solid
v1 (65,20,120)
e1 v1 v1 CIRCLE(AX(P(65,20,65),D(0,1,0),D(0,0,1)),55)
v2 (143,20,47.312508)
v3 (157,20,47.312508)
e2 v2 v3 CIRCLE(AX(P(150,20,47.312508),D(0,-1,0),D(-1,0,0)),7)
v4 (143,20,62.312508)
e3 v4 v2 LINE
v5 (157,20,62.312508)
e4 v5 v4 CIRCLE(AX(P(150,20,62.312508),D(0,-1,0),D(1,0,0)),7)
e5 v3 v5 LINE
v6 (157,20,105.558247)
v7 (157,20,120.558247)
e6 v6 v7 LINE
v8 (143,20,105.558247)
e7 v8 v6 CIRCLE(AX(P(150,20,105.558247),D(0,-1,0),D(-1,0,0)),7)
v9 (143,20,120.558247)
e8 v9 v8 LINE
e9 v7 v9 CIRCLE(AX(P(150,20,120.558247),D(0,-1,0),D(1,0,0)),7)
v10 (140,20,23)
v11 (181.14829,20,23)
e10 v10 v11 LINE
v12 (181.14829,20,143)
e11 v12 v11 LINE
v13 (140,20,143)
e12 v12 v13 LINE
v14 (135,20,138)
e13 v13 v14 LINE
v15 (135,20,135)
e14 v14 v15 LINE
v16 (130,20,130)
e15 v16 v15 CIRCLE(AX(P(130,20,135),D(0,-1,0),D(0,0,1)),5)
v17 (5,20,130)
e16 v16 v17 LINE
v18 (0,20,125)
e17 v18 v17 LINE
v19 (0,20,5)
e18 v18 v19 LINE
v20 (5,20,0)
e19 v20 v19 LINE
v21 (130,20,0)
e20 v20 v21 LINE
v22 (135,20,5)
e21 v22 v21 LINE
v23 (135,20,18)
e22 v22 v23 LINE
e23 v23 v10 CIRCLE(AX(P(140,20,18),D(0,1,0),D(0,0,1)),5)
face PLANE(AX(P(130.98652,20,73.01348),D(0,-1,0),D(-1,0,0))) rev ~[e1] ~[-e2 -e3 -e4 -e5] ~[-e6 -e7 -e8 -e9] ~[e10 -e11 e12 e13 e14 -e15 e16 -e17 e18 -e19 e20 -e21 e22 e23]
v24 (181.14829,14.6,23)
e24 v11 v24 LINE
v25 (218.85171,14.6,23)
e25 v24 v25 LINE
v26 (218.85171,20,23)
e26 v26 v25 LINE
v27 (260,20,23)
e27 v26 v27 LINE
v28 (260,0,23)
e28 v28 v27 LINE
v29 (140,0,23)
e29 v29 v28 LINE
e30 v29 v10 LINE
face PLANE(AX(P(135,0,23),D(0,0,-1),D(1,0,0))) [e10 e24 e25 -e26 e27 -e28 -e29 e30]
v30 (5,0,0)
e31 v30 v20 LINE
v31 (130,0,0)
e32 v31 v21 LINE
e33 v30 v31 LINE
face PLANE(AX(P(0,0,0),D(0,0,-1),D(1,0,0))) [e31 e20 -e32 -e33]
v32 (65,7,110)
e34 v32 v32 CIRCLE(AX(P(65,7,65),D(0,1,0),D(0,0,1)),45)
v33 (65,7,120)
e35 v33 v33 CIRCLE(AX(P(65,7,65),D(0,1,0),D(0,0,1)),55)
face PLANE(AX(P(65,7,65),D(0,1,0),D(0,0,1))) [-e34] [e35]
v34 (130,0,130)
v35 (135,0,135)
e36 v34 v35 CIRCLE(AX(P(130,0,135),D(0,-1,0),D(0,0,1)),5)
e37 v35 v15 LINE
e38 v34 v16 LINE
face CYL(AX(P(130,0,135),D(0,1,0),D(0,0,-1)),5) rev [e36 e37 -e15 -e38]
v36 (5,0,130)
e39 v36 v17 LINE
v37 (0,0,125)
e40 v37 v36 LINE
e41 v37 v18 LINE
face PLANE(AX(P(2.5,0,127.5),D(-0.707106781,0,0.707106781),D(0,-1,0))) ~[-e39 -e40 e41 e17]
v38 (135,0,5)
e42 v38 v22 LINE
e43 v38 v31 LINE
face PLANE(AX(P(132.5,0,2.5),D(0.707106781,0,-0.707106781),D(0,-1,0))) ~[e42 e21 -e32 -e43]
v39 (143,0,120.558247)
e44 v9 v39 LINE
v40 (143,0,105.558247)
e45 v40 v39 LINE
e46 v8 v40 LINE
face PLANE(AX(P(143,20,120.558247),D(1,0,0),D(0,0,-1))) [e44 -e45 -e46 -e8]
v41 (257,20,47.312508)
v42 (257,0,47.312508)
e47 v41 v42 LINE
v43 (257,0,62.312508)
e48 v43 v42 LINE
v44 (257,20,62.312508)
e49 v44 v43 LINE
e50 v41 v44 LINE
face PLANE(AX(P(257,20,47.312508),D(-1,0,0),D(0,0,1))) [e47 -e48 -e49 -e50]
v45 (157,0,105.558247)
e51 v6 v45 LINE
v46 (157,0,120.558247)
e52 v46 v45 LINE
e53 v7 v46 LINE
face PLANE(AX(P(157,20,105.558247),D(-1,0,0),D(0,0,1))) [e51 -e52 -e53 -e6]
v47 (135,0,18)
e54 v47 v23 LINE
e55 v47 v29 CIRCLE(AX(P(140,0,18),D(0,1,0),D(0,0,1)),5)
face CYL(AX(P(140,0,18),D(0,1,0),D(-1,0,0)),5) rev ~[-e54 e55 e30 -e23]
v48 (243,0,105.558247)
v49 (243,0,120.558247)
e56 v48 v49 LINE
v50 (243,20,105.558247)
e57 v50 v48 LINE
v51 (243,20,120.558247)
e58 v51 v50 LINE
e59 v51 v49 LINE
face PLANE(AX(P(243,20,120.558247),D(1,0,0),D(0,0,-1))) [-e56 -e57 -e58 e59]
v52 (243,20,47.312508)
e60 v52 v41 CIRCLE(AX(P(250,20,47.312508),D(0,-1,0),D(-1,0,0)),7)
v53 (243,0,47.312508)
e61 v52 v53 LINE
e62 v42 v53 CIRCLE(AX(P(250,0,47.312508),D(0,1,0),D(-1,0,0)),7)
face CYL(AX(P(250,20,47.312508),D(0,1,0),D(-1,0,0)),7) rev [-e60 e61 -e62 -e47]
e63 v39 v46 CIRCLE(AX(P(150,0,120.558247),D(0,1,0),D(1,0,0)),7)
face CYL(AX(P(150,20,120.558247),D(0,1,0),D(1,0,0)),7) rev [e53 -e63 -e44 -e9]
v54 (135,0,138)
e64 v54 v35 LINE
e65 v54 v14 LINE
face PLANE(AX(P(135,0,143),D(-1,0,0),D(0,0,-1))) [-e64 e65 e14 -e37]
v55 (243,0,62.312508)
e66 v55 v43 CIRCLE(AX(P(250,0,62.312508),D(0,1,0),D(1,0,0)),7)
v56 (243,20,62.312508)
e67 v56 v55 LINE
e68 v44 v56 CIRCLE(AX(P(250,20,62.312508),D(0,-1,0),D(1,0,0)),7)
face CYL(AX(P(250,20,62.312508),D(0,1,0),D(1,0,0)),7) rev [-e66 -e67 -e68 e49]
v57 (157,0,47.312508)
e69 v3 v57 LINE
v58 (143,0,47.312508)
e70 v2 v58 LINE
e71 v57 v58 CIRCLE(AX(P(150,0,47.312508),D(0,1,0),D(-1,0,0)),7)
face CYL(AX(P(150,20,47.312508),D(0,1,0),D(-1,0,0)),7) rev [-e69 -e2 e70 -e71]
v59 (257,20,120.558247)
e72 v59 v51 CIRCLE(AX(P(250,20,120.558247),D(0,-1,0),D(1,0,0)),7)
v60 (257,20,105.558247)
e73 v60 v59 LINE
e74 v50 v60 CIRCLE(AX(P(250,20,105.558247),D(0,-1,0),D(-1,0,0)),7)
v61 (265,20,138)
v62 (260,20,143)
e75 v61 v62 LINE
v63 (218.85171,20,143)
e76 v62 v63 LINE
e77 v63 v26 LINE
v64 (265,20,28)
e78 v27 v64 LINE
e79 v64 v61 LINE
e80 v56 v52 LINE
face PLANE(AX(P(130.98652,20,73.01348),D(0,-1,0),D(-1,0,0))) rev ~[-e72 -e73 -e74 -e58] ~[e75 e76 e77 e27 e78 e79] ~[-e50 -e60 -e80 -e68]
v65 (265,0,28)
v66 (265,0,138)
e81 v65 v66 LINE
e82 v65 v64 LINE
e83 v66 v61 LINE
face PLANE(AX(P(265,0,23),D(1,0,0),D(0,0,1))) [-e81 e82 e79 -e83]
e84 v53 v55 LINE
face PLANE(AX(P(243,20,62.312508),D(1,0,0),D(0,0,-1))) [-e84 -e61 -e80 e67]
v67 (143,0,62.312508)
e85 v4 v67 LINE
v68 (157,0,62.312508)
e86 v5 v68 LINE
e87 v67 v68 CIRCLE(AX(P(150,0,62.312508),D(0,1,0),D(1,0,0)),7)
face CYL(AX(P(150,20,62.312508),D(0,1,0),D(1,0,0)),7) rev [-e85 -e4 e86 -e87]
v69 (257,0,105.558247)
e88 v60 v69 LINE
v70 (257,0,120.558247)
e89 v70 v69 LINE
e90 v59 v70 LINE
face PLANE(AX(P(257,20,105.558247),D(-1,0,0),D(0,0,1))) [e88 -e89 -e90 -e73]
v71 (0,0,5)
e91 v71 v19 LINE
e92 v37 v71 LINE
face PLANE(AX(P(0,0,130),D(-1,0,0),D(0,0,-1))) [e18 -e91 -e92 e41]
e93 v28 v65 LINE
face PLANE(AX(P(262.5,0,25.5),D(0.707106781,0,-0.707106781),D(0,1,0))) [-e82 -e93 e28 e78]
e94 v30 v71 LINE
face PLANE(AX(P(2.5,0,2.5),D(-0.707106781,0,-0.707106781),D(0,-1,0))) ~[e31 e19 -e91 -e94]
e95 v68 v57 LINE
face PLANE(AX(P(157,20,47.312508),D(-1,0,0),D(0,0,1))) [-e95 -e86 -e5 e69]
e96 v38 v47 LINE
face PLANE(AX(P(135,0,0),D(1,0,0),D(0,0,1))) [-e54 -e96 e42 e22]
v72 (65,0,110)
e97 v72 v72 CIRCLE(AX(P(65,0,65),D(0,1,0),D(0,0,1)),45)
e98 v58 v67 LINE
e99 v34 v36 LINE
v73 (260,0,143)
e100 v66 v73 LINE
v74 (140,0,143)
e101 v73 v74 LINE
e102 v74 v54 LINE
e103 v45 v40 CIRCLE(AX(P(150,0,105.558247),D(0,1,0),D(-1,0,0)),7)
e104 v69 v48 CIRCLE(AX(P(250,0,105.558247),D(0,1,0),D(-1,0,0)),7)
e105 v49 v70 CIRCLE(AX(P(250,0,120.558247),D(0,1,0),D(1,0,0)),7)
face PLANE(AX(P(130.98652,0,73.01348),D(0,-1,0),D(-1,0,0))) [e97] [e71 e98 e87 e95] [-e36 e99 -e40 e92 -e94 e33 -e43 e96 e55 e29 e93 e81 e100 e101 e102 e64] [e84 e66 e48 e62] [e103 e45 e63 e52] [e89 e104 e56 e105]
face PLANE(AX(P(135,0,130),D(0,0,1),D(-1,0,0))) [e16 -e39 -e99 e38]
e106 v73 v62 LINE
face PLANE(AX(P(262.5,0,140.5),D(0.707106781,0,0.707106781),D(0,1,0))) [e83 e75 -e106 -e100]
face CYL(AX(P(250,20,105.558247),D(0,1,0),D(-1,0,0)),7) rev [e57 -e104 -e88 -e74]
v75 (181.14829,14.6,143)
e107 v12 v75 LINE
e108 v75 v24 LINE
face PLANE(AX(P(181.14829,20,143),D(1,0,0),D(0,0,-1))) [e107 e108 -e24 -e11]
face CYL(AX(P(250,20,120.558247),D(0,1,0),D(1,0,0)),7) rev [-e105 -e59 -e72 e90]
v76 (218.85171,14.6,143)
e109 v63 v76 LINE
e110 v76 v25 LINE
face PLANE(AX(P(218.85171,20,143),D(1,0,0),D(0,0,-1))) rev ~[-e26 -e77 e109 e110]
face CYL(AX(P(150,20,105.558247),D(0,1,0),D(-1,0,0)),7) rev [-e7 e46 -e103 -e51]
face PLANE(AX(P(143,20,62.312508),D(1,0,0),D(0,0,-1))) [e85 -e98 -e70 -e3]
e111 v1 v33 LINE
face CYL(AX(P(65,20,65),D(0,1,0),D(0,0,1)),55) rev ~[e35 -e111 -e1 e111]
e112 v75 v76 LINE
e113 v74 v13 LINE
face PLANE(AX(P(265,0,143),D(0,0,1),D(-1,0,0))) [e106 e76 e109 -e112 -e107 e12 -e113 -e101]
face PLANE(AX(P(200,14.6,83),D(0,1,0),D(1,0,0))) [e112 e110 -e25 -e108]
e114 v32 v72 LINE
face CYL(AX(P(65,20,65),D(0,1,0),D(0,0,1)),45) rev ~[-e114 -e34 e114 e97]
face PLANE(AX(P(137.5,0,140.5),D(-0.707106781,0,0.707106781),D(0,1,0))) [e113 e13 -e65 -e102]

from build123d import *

# Parameters (mm, degrees)
EXTRUDE_1_DEPTH     = 20
SKETCH_3_R          = 45
CUT_EXTRUDE_1_DEPTH = 302.784691461
SKETCH_4_R          = 55
CUT_EXTRUDE_2_DEPTH = 13
SKETCH_5_W          = 37.703420814
SKETCH_5_H          = 120
CUT_EXTRUDE_3_DEPTH = 5.4
CUT_EXTRUDE_4_DEPTH = 302.784691461
FILLET_1_R          = 5
CHAMFER_1_SIZE      = 5


with BuildPart() as part:
    # 草图2 → 凸台-拉伸1 (new body)
    with BuildSketch(Plane(origin=(0, 0, 0), x_dir=(1, 0, 0), z_dir=(0, 1, 0))):
        Polygon((0, 0), (135, 0), (135, -23), (265, -23), (265, -143), (135, -143), (135, -130), (0, -130), align=None)
    extrude(amount=EXTRUDE_1_DEPTH)

    # 草图3 → 切除-拉伸1 (cut, through all)
    with BuildSketch(Plane(origin=(0, 20, 0), x_dir=(1, 0, 0), z_dir=(0, 1, 0))):
        with Locations(Location((65, -65, 0), (0, 0, 270))):
            Circle(SKETCH_3_R)
    extrude(amount=-CUT_EXTRUDE_1_DEPTH, mode=Mode.SUBTRACT)

    # 草图4 → 切除-拉伸2 (cut)
    with BuildSketch(Plane(origin=(0, 20, 0), x_dir=(1, 0, 0), z_dir=(0, 1, 0))):
        with Locations(Location((65, -65, 0), (0, 0, 270))):
            Circle(SKETCH_4_R)
    extrude(amount=-CUT_EXTRUDE_2_DEPTH, mode=Mode.SUBTRACT)

    # 草图5 → 切除-拉伸3 (cut)
    with BuildSketch(Plane(origin=(0, 20, 0), x_dir=(1, 0, 0), z_dir=(0, 1, 0))):
        with Locations((200, -83)):
            Rectangle(SKETCH_5_W, SKETCH_5_H)
    extrude(amount=-CUT_EXTRUDE_3_DEPTH, mode=Mode.SUBTRACT)

    # 草图6 → 切除-拉伸4 (cut, through all)
    with BuildSketch(Plane(origin=(0, 20, 0), x_dir=(1, 0, 0), z_dir=(0, 1, 0))):
        with BuildLine():
            Line((157, -47.312507702), (157, -62.312507702))
            ThreePointArc((157, -62.312507702), (150, -69.312507702), (143, -62.312507702))
            Line((143, -62.312507702), (143, -47.312507702))
            ThreePointArc((143, -47.312507702), (150, -40.312507702), (157, -47.312507702))
        make_face()
        with BuildLine():
            Line((157, -105.55824709), (157, -120.55824709))
            ThreePointArc((157, -120.55824709), (150, -127.55824709), (143, -120.55824709))
            Line((143, -120.55824709), (143, -105.55824709))
            ThreePointArc((143, -105.55824709), (150, -98.55824709), (157, -105.55824709))
        make_face()
        with BuildLine():
            Line((257, -47.312507702), (257, -62.312507702))
            ThreePointArc((257, -62.312507702), (250, -69.312507702), (243, -62.312507702))
            Line((243, -62.312507702), (243, -47.312507702))
            ThreePointArc((243, -47.312507702), (250, -40.312507702), (257, -47.312507702))
        make_face()
        with BuildLine():
            Line((257, -105.55824709), (257, -120.55824709))
            ThreePointArc((257, -120.55824709), (250, -127.55824709), (243, -120.55824709))
            Line((243, -120.55824709), (243, -105.55824709))
            ThreePointArc((243, -105.55824709), (250, -98.55824709), (257, -105.55824709))
        make_face()
    extrude(amount=-CUT_EXTRUDE_4_DEPTH, mode=Mode.SUBTRACT)

    # 圆角1
    fillet_1_edges = [part.edges().sort_by_distance(p)[0] for p in [
        (135, 10, 23),
        (135, 10, 130),
    ]]
    fillet(fillet_1_edges, radius=FILLET_1_R)

    # 倒角1
    chamfer_1_edges = [part.edges().sort_by_distance(p)[0] for p in [
        (0, 10, 0),
        (135, 10, 0),
        (265, 10, 23),
        (265, 10, 143),
        (135, 10, 143),
        (0, 10, 130),
    ]]
    chamfer(chamfer_1_edges, length=CHAMFER_1_SIZE)


solid = part.part
